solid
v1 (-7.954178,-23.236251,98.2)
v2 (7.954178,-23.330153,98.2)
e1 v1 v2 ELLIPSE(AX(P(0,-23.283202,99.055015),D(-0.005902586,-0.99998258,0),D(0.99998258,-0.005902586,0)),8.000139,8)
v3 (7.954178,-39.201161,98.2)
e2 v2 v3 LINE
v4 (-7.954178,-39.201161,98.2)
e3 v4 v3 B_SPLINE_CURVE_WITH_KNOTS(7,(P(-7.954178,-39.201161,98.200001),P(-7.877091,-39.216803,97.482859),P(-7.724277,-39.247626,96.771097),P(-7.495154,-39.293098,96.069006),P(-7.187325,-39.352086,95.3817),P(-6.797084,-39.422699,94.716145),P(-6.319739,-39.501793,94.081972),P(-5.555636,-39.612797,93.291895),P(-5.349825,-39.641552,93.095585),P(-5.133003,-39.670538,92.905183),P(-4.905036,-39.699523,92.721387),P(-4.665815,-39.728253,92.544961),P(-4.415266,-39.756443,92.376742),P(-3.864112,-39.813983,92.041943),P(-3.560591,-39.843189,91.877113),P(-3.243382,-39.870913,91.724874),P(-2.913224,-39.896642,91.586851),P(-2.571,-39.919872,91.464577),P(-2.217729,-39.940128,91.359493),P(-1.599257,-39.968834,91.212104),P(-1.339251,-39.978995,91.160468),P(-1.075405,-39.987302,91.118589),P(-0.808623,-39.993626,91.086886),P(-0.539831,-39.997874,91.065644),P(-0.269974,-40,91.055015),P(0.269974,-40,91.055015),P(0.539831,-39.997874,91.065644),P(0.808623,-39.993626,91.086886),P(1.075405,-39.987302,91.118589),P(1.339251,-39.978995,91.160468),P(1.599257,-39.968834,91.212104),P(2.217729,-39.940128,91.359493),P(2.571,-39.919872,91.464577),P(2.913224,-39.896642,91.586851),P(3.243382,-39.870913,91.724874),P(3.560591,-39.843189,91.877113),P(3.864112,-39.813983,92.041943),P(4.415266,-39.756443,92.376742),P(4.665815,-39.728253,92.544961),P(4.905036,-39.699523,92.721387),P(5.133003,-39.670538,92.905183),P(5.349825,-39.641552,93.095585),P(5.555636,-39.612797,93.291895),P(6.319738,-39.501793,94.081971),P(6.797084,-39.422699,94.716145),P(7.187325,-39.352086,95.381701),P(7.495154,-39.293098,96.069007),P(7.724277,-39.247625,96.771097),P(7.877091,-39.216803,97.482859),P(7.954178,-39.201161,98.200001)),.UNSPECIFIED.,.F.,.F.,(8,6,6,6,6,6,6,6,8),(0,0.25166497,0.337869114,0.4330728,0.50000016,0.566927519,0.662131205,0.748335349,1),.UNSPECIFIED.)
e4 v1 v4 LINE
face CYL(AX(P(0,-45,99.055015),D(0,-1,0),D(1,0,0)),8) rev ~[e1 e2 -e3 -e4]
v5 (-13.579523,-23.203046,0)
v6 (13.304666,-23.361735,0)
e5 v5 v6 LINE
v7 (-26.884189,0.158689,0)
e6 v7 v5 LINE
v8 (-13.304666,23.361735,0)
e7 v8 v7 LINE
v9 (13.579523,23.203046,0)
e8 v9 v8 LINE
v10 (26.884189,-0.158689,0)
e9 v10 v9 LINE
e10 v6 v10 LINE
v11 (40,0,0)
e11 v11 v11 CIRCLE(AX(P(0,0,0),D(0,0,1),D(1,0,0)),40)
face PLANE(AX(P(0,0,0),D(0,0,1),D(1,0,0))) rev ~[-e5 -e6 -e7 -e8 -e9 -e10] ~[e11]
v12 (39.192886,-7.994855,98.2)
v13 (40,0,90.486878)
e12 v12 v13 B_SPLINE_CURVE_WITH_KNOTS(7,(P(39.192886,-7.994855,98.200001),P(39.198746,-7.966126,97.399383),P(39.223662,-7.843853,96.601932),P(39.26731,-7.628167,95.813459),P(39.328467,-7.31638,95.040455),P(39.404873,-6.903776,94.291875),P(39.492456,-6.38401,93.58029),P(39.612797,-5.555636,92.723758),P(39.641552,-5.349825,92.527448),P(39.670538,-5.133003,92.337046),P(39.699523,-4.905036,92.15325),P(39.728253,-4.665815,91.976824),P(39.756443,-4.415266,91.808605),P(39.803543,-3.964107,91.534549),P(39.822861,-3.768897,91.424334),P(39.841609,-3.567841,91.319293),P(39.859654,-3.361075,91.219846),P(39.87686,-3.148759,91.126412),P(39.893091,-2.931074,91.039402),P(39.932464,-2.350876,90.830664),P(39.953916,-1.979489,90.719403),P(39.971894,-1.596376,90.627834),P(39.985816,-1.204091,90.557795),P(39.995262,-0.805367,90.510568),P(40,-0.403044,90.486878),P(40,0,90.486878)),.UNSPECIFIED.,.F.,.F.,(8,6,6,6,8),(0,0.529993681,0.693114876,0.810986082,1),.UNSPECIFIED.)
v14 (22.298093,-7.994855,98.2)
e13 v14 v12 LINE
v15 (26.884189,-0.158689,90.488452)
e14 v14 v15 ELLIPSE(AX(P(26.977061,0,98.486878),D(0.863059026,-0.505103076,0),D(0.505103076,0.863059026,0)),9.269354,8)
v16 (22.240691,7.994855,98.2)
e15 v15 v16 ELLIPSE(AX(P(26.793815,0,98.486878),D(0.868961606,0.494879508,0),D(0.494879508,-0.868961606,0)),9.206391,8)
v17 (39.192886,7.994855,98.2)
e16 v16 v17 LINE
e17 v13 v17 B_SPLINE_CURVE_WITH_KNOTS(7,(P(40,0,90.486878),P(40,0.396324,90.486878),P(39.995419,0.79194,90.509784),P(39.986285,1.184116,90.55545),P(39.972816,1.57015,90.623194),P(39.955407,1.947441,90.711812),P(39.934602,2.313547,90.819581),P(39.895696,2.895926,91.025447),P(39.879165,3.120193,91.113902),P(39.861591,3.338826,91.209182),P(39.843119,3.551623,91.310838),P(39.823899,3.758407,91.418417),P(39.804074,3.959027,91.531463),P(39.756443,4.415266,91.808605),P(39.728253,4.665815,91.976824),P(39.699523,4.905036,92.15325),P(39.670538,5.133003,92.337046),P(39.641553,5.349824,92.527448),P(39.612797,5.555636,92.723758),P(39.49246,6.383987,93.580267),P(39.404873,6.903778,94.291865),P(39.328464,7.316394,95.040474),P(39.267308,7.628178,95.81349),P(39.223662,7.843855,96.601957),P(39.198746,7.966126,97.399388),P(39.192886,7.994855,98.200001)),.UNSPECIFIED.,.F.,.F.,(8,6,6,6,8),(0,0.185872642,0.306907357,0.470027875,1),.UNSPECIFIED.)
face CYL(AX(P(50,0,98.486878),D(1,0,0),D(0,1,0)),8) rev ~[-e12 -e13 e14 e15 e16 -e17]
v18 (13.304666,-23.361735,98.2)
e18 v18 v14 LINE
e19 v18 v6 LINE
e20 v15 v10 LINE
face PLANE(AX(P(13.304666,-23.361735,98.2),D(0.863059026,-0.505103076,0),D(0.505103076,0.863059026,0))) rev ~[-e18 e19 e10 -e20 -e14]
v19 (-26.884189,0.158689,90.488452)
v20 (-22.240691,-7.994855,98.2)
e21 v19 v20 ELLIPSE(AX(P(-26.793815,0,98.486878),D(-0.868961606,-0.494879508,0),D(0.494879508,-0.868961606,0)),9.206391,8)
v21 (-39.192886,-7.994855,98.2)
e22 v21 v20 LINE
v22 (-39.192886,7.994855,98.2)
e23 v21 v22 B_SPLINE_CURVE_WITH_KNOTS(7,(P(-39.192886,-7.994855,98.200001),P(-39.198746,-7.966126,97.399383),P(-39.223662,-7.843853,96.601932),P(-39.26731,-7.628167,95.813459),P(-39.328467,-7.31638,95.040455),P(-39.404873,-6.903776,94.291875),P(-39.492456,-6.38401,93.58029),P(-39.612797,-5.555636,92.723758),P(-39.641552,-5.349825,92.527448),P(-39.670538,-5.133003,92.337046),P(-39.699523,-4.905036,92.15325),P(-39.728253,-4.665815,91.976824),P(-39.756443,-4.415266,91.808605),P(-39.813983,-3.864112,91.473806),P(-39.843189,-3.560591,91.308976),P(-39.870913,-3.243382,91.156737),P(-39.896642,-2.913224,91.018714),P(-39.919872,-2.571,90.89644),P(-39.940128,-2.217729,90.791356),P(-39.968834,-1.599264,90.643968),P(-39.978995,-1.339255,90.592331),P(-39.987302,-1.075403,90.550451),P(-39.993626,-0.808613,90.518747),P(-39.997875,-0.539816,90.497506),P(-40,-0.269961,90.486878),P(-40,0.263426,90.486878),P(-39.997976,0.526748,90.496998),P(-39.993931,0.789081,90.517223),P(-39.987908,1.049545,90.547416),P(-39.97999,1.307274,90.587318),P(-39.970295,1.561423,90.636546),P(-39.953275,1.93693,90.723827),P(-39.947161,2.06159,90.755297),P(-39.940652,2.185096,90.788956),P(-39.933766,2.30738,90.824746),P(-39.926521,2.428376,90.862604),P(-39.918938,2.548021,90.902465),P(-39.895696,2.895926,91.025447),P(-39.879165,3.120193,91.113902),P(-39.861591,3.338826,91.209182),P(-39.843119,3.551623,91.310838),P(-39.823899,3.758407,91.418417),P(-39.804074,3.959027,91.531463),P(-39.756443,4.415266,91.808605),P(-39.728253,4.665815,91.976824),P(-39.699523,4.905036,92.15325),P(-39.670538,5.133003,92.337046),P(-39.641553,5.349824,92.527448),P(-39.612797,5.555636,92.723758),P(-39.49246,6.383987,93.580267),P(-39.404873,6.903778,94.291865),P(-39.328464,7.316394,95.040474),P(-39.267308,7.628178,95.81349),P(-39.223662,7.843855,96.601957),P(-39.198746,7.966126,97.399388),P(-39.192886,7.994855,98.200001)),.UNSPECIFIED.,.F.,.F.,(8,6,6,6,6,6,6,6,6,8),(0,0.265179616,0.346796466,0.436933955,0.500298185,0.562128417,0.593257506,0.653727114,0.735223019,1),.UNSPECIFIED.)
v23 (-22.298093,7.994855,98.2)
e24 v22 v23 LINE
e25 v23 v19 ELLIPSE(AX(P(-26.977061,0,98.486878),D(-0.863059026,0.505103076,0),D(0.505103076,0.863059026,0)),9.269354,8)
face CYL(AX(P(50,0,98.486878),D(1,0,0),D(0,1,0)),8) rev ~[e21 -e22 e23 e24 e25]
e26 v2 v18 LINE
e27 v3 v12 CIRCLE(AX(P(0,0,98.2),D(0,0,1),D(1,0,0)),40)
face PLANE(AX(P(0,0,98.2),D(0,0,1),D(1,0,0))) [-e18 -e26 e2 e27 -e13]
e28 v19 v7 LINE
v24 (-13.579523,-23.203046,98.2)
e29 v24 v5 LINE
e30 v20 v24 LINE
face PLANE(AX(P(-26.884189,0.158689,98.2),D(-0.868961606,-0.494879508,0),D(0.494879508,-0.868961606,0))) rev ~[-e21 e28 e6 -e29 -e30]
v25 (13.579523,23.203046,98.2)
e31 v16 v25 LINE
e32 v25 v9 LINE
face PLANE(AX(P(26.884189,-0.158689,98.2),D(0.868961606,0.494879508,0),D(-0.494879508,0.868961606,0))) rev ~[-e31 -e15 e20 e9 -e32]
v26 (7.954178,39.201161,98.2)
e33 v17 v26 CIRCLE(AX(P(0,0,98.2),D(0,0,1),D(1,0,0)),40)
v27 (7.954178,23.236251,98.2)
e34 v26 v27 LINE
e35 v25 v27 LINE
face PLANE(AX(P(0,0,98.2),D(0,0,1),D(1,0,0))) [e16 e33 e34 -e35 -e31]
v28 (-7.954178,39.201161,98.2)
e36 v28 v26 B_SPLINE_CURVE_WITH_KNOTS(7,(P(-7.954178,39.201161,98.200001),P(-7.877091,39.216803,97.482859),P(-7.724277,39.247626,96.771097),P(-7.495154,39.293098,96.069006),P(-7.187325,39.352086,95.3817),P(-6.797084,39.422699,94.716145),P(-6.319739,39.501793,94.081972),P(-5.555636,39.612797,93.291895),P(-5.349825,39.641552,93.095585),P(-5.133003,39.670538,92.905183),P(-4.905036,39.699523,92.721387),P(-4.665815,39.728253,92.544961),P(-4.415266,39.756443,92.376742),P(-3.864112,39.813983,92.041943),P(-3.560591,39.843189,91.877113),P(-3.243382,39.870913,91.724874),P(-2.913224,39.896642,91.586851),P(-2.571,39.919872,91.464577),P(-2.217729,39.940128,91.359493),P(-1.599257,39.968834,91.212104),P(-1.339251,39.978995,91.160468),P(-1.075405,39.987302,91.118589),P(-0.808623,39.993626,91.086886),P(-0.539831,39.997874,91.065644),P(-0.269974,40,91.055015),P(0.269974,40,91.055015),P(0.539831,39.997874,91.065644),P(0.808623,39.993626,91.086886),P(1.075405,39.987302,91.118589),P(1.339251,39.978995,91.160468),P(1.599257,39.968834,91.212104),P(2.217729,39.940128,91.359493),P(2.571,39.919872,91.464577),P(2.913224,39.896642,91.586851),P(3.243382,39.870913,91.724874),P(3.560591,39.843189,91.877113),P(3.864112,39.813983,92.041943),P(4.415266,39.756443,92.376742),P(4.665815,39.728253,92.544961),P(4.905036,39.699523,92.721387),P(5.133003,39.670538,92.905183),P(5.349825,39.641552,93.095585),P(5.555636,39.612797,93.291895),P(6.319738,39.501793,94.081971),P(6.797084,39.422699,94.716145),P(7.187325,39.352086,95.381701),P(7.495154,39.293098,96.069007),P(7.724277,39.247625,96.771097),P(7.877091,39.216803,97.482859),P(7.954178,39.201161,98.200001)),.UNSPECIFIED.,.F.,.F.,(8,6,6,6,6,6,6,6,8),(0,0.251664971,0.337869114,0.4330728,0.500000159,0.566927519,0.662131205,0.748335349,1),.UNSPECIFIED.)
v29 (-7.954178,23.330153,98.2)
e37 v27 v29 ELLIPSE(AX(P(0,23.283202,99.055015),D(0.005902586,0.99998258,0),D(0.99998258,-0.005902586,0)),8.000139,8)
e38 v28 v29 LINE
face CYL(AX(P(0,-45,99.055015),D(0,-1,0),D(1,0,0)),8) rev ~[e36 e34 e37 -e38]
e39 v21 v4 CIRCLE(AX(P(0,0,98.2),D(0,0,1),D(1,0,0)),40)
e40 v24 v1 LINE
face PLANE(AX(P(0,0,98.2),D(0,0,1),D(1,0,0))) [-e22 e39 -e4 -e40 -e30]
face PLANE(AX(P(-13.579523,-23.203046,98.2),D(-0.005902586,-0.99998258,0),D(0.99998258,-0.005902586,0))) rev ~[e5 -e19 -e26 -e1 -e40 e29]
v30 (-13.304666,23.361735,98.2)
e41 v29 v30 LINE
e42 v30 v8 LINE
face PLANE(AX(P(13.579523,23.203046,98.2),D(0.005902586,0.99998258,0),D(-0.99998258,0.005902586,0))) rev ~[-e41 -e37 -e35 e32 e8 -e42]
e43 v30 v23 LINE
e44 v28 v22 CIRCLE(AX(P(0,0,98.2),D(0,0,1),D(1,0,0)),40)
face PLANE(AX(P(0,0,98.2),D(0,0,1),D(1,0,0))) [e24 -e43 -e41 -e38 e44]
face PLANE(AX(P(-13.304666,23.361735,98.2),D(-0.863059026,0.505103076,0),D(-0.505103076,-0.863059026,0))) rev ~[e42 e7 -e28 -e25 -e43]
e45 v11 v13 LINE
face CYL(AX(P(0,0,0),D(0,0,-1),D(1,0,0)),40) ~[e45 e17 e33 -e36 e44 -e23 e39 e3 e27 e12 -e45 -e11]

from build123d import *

# Parameters (mm, degrees)
F0_R     = 40
F1_DEPTH = 98.2
F3_DEPTH = 100
F5_R     = 8
F6_DEPTH = 200
F8_R     = 8
F9_DEPTH = 100


with BuildPart() as f1:
    # F0 (on Top) → F1 (new body)
    with BuildSketch(Plane.XY):
        Circle(F0_R)
    extrude(amount=F1_DEPTH)

    # F2 (on face) → F3 (cut)
    with BuildSketch(Plane.XY.offset(98.2)):
        Polygon((26.884189, -0.158689), (13.579523, 23.203046), (-13.304666, 23.361735), (-26.884189, 0.158689), (-13.579523, -23.203046), (13.304666, -23.361735), align=None)
    extrude(amount=-F3_DEPTH, mode=Mode.SUBTRACT)

    # F5 (on offset) → F6 (cut)
    with BuildSketch(Plane.XZ.offset(45)):
        with Locations((0, 99.055015)):
            Circle(F5_R)
    extrude(amount=-F6_DEPTH, mode=Mode.SUBTRACT)

    # F8 (on offset) → F9 (cut)
    with BuildSketch(Plane.YZ.offset(50)):
        with Locations((0, 98.486878)):
            Circle(F8_R)
    extrude(amount=-F9_DEPTH, mode=Mode.SUBTRACT)


solid = f1.part
